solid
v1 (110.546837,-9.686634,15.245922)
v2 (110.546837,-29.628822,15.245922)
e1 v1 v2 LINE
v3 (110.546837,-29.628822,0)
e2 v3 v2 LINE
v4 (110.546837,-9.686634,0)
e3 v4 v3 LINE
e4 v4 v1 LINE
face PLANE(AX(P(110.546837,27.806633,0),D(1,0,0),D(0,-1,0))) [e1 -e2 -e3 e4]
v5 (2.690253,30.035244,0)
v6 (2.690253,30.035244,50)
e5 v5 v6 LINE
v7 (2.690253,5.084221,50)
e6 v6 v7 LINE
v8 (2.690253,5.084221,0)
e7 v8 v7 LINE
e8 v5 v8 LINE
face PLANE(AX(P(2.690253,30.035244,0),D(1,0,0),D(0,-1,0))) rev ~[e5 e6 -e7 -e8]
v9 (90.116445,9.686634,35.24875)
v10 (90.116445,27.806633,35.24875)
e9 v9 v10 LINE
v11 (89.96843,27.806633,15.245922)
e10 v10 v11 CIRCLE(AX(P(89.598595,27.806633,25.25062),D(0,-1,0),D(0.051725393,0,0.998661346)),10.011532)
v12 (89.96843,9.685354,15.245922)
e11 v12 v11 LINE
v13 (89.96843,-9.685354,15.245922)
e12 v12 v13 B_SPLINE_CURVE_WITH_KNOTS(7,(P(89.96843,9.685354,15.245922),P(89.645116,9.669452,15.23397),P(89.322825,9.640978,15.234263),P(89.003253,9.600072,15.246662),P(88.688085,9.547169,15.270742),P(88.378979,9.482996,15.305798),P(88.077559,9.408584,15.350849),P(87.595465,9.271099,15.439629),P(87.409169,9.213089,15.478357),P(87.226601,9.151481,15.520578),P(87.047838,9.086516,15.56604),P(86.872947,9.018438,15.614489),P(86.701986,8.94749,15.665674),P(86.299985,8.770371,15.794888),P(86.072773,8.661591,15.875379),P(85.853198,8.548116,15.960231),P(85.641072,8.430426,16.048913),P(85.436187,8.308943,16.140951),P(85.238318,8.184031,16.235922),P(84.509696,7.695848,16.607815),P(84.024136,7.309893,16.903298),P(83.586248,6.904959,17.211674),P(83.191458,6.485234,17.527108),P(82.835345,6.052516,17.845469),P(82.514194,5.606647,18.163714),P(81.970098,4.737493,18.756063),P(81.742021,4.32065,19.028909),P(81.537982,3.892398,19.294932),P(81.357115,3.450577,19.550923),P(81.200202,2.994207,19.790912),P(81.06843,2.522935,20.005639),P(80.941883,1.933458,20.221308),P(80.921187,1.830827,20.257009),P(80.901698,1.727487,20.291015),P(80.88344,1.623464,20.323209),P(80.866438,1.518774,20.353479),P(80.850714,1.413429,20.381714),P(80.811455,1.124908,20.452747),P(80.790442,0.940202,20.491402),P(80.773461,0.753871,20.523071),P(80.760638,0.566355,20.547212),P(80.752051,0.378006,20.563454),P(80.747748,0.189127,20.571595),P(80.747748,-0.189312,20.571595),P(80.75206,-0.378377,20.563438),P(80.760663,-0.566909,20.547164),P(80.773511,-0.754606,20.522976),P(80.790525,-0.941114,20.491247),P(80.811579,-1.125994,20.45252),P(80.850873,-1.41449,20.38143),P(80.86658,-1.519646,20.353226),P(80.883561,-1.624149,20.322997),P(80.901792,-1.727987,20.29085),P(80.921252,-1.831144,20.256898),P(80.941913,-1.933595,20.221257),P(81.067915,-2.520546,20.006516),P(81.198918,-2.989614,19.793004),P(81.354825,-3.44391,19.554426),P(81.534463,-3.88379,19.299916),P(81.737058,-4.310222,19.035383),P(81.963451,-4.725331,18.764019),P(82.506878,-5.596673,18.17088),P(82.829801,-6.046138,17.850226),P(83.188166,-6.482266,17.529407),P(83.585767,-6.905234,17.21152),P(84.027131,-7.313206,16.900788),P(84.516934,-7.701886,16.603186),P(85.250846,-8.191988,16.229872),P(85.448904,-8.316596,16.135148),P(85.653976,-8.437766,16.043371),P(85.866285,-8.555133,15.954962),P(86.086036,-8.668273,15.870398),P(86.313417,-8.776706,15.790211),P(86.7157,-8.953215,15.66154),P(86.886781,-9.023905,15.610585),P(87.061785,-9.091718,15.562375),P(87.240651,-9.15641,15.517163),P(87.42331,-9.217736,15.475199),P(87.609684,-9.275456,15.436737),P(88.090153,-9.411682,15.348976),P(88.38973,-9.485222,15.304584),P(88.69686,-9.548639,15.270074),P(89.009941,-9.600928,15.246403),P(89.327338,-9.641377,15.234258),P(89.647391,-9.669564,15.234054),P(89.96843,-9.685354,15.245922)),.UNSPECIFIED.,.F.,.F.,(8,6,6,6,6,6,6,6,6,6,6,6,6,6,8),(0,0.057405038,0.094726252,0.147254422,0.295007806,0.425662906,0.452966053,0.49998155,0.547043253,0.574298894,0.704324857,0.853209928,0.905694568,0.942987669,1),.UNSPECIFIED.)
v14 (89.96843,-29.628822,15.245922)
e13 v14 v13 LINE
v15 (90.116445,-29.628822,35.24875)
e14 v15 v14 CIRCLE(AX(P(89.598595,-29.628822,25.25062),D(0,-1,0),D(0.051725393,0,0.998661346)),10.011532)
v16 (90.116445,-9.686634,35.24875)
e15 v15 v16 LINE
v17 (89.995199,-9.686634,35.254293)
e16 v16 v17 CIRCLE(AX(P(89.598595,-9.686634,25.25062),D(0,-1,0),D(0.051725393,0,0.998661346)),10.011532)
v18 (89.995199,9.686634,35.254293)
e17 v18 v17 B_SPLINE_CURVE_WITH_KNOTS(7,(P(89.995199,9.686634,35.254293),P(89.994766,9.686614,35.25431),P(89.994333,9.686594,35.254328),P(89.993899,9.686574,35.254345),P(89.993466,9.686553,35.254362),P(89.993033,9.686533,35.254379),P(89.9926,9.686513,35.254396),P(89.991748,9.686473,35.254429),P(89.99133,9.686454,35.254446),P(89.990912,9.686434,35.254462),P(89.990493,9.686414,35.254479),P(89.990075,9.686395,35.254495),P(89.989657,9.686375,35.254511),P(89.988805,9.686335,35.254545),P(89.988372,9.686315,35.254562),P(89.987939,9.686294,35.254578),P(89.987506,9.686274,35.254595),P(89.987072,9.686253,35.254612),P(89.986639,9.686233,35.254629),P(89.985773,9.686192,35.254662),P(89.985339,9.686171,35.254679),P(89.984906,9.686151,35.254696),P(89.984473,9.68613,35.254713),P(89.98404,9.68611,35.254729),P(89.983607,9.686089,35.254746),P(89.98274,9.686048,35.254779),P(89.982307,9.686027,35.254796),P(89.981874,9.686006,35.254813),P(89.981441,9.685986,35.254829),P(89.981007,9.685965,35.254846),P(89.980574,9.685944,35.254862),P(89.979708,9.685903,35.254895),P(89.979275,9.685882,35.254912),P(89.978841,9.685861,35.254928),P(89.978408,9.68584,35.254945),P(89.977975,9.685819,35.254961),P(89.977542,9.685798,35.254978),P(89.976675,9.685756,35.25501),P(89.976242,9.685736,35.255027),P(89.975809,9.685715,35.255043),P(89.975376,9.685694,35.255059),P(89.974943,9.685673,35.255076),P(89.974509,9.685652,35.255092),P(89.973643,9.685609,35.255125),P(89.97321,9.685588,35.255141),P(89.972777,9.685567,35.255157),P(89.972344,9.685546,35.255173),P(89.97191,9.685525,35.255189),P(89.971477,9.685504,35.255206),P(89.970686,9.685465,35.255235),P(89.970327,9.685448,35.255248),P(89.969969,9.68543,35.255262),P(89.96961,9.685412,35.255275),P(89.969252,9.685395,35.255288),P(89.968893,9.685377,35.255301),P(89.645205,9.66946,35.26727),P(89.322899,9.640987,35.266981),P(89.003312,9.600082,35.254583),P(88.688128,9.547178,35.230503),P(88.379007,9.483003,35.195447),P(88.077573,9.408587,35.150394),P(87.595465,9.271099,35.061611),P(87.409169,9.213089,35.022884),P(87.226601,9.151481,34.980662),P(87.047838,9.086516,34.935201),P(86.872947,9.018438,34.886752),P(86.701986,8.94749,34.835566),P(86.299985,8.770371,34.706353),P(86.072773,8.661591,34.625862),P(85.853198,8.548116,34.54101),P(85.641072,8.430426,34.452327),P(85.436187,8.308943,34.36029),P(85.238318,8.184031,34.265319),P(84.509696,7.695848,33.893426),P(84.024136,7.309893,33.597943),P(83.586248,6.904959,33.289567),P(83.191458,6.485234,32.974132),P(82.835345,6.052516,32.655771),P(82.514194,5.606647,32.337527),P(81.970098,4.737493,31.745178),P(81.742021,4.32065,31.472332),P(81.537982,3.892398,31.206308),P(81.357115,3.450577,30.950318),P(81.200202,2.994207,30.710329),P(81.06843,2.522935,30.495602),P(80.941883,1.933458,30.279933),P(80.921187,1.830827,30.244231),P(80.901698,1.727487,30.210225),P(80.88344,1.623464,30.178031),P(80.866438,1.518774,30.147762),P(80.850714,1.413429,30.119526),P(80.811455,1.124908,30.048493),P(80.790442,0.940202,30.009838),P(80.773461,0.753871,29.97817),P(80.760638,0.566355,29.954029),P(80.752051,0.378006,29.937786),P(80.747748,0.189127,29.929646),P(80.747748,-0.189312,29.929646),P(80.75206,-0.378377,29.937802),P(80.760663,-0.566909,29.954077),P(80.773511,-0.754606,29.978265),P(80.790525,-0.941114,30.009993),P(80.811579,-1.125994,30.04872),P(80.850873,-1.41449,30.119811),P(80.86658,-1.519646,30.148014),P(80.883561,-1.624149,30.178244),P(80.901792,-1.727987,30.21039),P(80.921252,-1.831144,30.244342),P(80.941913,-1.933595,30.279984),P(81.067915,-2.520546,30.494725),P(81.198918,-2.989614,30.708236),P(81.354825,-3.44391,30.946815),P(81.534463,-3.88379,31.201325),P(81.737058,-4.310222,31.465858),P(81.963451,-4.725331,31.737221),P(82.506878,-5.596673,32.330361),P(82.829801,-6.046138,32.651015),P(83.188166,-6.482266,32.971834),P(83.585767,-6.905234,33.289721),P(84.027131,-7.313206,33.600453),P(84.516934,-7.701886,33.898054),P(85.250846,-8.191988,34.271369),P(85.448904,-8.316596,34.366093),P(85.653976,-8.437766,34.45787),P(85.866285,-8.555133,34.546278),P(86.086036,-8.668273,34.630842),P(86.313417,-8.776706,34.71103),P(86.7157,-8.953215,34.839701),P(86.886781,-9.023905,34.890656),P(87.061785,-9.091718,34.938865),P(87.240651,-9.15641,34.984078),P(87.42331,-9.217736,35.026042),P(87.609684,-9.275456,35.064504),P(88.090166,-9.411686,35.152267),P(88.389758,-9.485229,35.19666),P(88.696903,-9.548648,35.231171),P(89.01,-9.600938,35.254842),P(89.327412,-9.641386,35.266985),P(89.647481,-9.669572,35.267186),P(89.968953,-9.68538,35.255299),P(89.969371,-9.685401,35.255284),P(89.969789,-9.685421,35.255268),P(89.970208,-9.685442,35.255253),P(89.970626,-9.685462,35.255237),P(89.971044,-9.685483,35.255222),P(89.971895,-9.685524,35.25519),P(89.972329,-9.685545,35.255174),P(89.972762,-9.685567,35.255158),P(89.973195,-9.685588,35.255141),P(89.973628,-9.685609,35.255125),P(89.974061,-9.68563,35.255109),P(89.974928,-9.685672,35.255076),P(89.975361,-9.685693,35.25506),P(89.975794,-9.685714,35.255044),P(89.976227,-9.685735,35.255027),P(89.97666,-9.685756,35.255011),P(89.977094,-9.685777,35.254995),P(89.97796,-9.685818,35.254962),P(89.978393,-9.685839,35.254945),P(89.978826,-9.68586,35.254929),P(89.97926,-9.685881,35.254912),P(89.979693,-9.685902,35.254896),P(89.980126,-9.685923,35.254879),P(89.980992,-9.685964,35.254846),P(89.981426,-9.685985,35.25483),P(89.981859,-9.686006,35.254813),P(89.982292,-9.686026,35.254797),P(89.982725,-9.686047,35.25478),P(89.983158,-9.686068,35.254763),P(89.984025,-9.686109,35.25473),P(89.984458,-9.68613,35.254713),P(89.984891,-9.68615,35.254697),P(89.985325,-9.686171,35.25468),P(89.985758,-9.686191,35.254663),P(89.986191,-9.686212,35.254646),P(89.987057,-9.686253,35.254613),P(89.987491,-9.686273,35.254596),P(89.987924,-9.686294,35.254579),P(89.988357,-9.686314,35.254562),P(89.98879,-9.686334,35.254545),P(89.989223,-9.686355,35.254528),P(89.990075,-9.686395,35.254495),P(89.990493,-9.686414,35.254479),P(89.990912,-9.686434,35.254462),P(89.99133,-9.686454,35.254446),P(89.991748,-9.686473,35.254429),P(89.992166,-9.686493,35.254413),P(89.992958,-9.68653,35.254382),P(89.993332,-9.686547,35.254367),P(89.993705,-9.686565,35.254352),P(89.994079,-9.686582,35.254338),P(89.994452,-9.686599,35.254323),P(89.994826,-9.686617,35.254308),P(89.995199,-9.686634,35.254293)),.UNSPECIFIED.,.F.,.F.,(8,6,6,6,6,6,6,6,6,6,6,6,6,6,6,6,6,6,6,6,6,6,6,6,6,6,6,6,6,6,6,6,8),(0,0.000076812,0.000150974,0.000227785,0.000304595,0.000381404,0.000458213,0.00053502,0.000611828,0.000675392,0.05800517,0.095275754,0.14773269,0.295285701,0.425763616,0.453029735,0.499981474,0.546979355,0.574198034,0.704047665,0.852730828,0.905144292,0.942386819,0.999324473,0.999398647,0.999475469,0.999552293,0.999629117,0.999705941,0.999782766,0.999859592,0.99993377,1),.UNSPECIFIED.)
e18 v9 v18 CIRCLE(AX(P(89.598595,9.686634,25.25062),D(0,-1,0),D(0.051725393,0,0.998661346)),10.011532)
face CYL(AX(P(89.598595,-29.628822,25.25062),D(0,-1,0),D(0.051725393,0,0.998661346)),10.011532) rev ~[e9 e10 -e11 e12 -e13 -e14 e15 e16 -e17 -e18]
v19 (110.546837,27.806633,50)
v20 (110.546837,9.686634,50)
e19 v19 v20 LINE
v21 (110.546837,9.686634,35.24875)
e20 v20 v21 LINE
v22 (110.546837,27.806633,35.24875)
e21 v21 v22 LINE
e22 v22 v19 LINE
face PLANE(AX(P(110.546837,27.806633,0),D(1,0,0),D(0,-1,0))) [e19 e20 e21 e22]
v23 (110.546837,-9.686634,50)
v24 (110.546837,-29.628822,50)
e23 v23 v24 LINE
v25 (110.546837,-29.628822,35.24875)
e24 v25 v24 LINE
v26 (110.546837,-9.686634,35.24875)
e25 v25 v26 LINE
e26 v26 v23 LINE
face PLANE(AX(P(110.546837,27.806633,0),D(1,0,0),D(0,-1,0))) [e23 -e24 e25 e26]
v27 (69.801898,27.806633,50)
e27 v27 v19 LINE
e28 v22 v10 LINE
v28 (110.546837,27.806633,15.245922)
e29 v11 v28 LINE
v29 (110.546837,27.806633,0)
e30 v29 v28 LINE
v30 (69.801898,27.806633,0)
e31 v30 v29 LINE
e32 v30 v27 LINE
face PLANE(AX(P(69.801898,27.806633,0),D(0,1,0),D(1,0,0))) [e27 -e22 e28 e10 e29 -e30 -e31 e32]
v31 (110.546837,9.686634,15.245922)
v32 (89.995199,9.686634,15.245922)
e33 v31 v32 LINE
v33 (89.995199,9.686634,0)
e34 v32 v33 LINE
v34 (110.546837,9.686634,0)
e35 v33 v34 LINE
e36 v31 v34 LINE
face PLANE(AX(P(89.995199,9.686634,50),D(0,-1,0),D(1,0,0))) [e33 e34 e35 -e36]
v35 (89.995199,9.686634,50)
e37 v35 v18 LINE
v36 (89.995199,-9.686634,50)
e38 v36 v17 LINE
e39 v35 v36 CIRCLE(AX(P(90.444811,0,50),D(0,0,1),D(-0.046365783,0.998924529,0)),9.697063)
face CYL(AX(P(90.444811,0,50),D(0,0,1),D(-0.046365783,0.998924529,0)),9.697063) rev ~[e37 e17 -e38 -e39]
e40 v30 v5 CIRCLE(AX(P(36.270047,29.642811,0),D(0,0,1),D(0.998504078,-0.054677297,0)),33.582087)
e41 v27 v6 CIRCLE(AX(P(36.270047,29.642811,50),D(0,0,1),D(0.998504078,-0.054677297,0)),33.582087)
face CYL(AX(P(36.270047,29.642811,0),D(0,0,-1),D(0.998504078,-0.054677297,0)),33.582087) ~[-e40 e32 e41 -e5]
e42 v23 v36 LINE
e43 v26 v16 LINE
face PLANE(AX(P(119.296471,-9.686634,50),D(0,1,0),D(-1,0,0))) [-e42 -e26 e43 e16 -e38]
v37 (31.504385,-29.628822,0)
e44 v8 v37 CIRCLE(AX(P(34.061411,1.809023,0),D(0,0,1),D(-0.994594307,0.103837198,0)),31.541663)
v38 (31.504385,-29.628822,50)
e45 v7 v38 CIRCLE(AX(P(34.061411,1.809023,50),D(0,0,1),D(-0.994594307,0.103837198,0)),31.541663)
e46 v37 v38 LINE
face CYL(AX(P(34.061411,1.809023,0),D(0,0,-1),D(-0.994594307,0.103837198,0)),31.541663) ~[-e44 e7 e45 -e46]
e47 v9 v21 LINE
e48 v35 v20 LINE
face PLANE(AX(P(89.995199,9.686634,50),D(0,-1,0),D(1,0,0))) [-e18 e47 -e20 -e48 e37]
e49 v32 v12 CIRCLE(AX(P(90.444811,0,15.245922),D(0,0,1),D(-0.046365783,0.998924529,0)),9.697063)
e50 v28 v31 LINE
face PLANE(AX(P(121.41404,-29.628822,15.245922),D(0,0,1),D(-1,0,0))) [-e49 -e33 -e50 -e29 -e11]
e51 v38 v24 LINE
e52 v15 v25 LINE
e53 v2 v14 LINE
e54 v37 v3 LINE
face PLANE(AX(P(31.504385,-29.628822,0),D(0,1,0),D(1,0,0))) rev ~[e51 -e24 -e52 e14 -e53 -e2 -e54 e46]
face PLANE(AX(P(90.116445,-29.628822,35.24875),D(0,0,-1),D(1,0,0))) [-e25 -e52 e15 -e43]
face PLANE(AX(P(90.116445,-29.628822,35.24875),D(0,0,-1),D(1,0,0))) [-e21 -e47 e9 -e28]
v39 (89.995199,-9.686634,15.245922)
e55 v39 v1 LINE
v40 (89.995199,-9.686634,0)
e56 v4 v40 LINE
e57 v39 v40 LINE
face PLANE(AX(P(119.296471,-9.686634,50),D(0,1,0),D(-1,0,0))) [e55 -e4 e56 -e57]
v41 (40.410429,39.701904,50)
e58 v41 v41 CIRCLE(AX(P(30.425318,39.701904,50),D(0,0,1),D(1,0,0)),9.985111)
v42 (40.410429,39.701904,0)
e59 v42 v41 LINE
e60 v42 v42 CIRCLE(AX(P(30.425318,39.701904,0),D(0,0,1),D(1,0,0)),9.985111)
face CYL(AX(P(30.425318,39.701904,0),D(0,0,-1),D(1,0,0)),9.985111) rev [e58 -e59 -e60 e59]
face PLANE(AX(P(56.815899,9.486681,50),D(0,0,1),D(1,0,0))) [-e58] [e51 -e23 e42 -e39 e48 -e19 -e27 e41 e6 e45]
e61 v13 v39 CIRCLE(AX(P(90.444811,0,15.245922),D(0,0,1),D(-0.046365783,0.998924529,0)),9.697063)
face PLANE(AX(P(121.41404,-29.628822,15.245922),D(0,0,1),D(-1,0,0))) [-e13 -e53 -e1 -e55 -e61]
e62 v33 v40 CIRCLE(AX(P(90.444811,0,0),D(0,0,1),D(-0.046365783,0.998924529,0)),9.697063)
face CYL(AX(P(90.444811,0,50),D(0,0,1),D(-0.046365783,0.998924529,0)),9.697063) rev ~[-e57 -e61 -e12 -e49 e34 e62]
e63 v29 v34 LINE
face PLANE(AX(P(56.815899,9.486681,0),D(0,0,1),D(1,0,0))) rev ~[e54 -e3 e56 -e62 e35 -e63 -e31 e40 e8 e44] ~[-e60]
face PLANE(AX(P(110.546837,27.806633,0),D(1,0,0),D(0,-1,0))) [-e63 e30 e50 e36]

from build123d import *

# Parameters (mm, degrees)
SKETCH_R        = 9.985111
PAD_DEPTH       = 50
POCKET_DEPTH    = 50.001
POCKET001_DEPTH = 92.854719


with BuildPart() as part:
    # Sketch → Pad (new body)
    with BuildSketch(Plane.XY):
        with BuildLine():
            ThreePointArc((69.801898, 27.806633), (37.384611, 63.206397), (2.690253, 30.035244))
            Line((2.690253, 30.035244), (2.690253, 5.084221))
            ThreePointArc((2.690253, 5.084221), (9.791486, -18.336627), (31.504385, -29.628822))
            Line((31.504385, -29.628822), (110.546837, -29.628822))
            Line((110.546837, 27.806633), (110.546837, -29.628822))
            Line((69.801898, 27.806633), (110.546837, 27.806633))
        make_face()
        with Locations((30.425318, 39.701904)):
            Circle(SKETCH_R, mode=Mode.SUBTRACT)
    extrude(amount=PAD_DEPTH)

    # Sketch001 (on Face9 of Pad) → Pocket (cut, through all)
    with BuildSketch(Plane.XY.offset(50)):
        with BuildLine():
            ThreePointArc((89.995199, 9.686634), (80.747748, 0), (89.995199, -9.686634))
            Line((119.296471, -9.686634), (89.995199, -9.686634))
            Line((119.296471, 9.686634), (119.296471, -9.686634))
            Line((89.995199, 9.686634), (119.296471, 9.686634))
        make_face()
    extrude(amount=-POCKET_DEPTH, mode=Mode.SUBTRACT)

    # Sketch002 (on Face12 of Pocket) → Pocket001 (cut, through all)
    with BuildSketch(Plane.XZ.offset(29.628822)):
        with BuildLine():
            ThreePointArc((90.116445, 35.24875), (79.587337, 25.3247), (89.96843, 15.245922))
            Line((121.41404, 15.245922), (89.96843, 15.245922))
            Line((121.41404, 35.24875), (121.41404, 15.245922))
            Line((90.116445, 35.24875), (121.41404, 35.24875))
        make_face()
    extrude(amount=-POCKET001_DEPTH, mode=Mode.SUBTRACT)


solid = part.part
